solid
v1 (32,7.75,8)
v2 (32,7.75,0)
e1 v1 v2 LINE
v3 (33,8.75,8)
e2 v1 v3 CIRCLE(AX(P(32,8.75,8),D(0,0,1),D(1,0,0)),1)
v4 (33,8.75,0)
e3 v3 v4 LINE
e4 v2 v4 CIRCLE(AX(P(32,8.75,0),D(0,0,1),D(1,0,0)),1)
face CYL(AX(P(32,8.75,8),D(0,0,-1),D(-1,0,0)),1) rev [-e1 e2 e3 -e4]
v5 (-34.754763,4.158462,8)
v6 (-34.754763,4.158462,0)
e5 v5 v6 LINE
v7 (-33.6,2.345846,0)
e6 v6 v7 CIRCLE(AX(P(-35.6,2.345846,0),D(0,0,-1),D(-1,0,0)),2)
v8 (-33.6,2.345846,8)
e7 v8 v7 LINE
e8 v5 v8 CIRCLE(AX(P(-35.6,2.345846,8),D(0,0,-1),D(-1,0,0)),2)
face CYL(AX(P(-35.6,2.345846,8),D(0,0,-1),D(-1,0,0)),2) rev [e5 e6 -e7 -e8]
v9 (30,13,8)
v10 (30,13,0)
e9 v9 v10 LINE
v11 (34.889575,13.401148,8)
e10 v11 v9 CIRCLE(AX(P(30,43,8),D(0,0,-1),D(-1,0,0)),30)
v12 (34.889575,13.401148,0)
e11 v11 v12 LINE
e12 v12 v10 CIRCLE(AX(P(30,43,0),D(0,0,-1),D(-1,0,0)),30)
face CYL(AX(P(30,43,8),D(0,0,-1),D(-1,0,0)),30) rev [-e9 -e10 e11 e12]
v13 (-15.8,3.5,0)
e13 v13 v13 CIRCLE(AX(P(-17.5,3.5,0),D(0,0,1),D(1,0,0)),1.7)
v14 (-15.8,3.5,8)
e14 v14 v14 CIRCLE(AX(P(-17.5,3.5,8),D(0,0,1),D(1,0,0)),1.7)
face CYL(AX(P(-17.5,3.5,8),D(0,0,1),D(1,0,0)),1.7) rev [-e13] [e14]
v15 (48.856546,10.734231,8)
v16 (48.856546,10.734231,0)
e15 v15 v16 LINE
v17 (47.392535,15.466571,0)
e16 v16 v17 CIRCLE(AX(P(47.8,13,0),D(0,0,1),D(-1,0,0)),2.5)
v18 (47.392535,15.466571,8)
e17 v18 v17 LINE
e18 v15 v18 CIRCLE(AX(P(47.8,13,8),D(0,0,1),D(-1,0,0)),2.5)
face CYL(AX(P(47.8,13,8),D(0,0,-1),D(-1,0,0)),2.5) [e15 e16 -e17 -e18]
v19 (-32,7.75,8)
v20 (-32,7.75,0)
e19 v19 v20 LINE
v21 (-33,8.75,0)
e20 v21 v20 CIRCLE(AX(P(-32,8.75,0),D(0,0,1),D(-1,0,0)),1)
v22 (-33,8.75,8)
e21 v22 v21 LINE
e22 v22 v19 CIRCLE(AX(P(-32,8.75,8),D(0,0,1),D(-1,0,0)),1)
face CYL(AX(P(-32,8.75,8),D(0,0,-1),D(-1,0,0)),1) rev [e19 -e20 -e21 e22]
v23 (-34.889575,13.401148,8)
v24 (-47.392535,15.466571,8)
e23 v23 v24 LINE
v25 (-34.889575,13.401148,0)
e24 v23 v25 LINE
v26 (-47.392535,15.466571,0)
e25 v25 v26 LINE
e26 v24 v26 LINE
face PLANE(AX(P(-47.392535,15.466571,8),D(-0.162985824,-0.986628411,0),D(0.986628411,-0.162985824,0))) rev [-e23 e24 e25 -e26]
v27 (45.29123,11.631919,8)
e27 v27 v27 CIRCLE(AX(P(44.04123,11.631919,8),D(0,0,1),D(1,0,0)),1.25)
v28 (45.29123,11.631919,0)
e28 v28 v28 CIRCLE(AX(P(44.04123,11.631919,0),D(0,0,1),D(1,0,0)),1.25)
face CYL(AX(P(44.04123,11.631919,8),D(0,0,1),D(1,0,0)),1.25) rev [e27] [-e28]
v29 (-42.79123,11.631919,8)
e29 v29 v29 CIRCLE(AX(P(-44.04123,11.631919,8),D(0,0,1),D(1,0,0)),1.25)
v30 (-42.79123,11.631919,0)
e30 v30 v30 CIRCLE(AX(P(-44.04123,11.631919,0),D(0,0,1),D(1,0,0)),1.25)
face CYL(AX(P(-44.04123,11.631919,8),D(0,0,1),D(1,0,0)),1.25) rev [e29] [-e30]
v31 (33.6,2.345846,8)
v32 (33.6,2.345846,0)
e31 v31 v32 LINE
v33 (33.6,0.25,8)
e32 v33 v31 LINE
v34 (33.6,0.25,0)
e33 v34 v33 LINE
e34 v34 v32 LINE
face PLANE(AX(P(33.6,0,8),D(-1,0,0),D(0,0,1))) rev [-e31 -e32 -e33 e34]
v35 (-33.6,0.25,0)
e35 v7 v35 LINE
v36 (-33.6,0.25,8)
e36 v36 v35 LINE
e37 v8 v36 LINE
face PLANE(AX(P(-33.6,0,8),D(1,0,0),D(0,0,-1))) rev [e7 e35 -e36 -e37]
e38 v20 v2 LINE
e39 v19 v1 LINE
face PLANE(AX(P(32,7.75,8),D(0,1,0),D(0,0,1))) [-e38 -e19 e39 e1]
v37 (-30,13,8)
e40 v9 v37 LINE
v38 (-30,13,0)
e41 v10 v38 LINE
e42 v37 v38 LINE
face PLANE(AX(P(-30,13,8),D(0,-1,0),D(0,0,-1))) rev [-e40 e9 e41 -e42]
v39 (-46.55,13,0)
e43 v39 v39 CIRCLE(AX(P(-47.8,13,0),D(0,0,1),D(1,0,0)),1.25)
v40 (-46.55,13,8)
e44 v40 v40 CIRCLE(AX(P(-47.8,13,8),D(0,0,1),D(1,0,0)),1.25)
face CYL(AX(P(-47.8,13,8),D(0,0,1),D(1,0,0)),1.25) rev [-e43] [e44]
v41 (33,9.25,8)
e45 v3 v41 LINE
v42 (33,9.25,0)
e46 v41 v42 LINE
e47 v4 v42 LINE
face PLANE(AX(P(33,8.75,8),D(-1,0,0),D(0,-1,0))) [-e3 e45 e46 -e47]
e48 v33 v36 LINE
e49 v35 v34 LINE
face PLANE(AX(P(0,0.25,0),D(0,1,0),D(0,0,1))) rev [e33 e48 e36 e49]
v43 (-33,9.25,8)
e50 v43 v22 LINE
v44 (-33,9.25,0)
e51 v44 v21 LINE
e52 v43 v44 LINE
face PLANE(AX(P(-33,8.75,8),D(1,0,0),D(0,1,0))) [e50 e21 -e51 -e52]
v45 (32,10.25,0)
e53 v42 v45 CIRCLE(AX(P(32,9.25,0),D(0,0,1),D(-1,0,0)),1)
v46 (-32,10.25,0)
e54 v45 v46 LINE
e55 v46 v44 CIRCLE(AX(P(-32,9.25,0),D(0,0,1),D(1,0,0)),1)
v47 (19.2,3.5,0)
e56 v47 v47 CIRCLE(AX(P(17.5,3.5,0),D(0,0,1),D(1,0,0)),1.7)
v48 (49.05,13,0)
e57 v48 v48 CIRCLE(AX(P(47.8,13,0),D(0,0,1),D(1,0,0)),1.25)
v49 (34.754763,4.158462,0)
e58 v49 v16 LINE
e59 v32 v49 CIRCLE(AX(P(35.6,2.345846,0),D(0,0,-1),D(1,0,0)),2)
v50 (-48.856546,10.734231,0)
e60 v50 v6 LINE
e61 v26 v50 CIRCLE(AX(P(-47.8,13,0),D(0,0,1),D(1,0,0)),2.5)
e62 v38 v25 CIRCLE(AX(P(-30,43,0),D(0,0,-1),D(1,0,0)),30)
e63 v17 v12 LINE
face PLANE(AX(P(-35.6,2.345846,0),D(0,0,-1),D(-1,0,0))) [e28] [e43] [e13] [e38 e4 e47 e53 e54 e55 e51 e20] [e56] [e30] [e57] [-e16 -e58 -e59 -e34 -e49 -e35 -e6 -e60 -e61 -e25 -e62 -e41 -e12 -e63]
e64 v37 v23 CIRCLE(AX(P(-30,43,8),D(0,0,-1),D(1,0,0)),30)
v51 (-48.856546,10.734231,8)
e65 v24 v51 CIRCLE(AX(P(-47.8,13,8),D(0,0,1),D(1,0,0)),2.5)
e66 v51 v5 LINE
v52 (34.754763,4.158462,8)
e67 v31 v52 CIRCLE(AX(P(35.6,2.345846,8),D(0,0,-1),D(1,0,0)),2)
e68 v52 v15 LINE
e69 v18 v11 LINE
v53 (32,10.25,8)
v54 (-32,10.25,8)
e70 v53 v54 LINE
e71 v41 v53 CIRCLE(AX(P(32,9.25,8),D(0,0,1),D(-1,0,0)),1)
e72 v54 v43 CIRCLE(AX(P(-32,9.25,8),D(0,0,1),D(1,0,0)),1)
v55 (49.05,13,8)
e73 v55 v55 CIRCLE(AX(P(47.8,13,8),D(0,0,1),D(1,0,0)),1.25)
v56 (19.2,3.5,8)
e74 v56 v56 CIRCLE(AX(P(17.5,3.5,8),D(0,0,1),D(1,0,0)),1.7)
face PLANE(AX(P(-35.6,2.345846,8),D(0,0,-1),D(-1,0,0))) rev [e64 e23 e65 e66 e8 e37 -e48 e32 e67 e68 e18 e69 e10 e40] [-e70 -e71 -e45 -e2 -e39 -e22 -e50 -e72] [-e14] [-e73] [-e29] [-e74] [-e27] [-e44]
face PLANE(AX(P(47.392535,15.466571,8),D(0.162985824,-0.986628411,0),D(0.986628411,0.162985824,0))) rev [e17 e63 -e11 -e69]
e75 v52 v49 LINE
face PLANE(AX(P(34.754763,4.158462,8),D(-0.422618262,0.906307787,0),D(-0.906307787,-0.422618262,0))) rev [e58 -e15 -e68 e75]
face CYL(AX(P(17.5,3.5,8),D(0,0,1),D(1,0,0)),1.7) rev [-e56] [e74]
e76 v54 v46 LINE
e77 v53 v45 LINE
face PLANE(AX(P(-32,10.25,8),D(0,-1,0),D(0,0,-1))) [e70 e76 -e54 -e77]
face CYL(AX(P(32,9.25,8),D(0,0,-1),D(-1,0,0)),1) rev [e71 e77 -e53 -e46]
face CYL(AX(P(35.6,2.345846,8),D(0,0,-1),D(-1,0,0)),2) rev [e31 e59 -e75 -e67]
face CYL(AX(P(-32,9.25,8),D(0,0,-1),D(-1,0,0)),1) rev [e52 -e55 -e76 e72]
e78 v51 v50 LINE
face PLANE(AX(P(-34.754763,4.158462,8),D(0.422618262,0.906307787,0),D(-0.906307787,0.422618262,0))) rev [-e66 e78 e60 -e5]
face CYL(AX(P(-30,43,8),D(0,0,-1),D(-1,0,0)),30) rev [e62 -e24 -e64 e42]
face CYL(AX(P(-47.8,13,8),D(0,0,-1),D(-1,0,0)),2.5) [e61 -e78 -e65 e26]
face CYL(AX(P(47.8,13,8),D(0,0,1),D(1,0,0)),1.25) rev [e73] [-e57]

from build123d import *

# Parameters (mm, degrees)
SKETCH1_R             = 0.5
BOSS_EXTRUDE1_DEPTH   = 8
M3_CLEARANCE_HOLE1_D  = 3.4
M3X0_5_TAPPED_HOLE1_D = 2.5
SKETCH6_W             = 67.2
SKETCH6_H             = 8
CUT_EXTRUDE1_DEPTH    = 0.25


with BuildPart() as part:
    # Sketch1 → Boss-Extrude1 (new body)
    with BuildSketch(Plane.XY):
        with BuildLine():
            Line((-33.6, 0), (33.6, 0))
            Line((33.6, 0), (33.6, 2.345845935))
            ThreePointArc((33.6, 2.345845935), (33.913217108, 3.420445152), (34.754763477, 4.158461509))
            Line((34.754763477, 4.158461509), (48.856545654, 10.734230532))
            ThreePointArc((48.856545654, 10.734230532), (50.188323304, 13.73885844), (47.392535439, 15.466571027))
            Line((47.392535439, 15.466571027), (34.889574734, 13.401147676))
            ThreePointArc((34.889574734, 13.401147676), (32.45300125, 13.100455106), (30, 13))
            Line((30, 13), (-30, 13))
            ThreePointArc((-30, 13), (-32.45300125, 13.100455106), (-34.889574734, 13.401147676))
            Line((-34.889574734, 13.401147676), (-47.392535439, 15.466571027))
            ThreePointArc((-47.392535439, 15.466571027), (-50.188323304, 13.73885844), (-48.856545654, 10.734230532))
            Line((-48.856545654, 10.734230532), (-34.754763477, 4.158461509))
            ThreePointArc((-34.754763477, 4.158461509), (-33.913217108, 3.420445152), (-33.6, 2.345845935))
            Line((-33.6, 2.345845935), (-33.6, 0))
        make_face()
        with Locations((-47.8, 13)):
            Circle(SKETCH1_R, mode=Mode.SUBTRACT)
        with Locations((47.8, 13)):
            Circle(SKETCH1_R, mode=Mode.SUBTRACT)
        with Locations((-44.041229517, 11.631919427)):
            Circle(SKETCH1_R, mode=Mode.SUBTRACT)
        with Locations((44.041229517, 11.631919427)):
            Circle(SKETCH1_R, mode=Mode.SUBTRACT)
        with BuildLine():
            Line((33, 8.75), (33, 9.25))
            ThreePointArc((33, 9.25), (32.707106781, 9.957106781), (32, 10.25))
            Line((32, 10.25), (-32, 10.25))
            ThreePointArc((-32, 10.25), (-32.707106781, 9.957106781), (-33, 9.25))
            Line((-33, 9.25), (-33, 8.75))
            ThreePointArc((-33, 8.75), (-32.707106781, 8.042893219), (-32, 7.75))
            Line((-32, 7.75), (32, 7.75))
            ThreePointArc((32, 7.75), (32.707106781, 8.042893219), (33, 8.75))
        make_face(mode=Mode.SUBTRACT)
    extrude(amount=BOSS_EXTRUDE1_DEPTH)

    # M3 Clearance Hole1 (through all)
    with Locations(Plane.XY.offset(8)):
        with Locations((-17.5, 3.5), (17.5, 3.5)):
            Hole(M3_CLEARANCE_HOLE1_D / 2)

    # M3x0.5 Tapped Hole1 (through all)
    with Locations(Plane.XY.offset(8)):
        with Locations((-47.8, 13), (47.8, 13), (-44.041229517, 11.631919427), (44.041229517, 11.631919427)):
            Hole(M3X0_5_TAPPED_HOLE1_D / 2)

    # Sketch6 → Cut-Extrude1 (cut)
    with BuildSketch(Plane.XZ):
        with Locations((0, 4)):
            Rectangle(SKETCH6_W, SKETCH6_H)
    extrude(amount=-CUT_EXTRUDE1_DEPTH, mode=Mode.SUBTRACT)


solid = part.part
